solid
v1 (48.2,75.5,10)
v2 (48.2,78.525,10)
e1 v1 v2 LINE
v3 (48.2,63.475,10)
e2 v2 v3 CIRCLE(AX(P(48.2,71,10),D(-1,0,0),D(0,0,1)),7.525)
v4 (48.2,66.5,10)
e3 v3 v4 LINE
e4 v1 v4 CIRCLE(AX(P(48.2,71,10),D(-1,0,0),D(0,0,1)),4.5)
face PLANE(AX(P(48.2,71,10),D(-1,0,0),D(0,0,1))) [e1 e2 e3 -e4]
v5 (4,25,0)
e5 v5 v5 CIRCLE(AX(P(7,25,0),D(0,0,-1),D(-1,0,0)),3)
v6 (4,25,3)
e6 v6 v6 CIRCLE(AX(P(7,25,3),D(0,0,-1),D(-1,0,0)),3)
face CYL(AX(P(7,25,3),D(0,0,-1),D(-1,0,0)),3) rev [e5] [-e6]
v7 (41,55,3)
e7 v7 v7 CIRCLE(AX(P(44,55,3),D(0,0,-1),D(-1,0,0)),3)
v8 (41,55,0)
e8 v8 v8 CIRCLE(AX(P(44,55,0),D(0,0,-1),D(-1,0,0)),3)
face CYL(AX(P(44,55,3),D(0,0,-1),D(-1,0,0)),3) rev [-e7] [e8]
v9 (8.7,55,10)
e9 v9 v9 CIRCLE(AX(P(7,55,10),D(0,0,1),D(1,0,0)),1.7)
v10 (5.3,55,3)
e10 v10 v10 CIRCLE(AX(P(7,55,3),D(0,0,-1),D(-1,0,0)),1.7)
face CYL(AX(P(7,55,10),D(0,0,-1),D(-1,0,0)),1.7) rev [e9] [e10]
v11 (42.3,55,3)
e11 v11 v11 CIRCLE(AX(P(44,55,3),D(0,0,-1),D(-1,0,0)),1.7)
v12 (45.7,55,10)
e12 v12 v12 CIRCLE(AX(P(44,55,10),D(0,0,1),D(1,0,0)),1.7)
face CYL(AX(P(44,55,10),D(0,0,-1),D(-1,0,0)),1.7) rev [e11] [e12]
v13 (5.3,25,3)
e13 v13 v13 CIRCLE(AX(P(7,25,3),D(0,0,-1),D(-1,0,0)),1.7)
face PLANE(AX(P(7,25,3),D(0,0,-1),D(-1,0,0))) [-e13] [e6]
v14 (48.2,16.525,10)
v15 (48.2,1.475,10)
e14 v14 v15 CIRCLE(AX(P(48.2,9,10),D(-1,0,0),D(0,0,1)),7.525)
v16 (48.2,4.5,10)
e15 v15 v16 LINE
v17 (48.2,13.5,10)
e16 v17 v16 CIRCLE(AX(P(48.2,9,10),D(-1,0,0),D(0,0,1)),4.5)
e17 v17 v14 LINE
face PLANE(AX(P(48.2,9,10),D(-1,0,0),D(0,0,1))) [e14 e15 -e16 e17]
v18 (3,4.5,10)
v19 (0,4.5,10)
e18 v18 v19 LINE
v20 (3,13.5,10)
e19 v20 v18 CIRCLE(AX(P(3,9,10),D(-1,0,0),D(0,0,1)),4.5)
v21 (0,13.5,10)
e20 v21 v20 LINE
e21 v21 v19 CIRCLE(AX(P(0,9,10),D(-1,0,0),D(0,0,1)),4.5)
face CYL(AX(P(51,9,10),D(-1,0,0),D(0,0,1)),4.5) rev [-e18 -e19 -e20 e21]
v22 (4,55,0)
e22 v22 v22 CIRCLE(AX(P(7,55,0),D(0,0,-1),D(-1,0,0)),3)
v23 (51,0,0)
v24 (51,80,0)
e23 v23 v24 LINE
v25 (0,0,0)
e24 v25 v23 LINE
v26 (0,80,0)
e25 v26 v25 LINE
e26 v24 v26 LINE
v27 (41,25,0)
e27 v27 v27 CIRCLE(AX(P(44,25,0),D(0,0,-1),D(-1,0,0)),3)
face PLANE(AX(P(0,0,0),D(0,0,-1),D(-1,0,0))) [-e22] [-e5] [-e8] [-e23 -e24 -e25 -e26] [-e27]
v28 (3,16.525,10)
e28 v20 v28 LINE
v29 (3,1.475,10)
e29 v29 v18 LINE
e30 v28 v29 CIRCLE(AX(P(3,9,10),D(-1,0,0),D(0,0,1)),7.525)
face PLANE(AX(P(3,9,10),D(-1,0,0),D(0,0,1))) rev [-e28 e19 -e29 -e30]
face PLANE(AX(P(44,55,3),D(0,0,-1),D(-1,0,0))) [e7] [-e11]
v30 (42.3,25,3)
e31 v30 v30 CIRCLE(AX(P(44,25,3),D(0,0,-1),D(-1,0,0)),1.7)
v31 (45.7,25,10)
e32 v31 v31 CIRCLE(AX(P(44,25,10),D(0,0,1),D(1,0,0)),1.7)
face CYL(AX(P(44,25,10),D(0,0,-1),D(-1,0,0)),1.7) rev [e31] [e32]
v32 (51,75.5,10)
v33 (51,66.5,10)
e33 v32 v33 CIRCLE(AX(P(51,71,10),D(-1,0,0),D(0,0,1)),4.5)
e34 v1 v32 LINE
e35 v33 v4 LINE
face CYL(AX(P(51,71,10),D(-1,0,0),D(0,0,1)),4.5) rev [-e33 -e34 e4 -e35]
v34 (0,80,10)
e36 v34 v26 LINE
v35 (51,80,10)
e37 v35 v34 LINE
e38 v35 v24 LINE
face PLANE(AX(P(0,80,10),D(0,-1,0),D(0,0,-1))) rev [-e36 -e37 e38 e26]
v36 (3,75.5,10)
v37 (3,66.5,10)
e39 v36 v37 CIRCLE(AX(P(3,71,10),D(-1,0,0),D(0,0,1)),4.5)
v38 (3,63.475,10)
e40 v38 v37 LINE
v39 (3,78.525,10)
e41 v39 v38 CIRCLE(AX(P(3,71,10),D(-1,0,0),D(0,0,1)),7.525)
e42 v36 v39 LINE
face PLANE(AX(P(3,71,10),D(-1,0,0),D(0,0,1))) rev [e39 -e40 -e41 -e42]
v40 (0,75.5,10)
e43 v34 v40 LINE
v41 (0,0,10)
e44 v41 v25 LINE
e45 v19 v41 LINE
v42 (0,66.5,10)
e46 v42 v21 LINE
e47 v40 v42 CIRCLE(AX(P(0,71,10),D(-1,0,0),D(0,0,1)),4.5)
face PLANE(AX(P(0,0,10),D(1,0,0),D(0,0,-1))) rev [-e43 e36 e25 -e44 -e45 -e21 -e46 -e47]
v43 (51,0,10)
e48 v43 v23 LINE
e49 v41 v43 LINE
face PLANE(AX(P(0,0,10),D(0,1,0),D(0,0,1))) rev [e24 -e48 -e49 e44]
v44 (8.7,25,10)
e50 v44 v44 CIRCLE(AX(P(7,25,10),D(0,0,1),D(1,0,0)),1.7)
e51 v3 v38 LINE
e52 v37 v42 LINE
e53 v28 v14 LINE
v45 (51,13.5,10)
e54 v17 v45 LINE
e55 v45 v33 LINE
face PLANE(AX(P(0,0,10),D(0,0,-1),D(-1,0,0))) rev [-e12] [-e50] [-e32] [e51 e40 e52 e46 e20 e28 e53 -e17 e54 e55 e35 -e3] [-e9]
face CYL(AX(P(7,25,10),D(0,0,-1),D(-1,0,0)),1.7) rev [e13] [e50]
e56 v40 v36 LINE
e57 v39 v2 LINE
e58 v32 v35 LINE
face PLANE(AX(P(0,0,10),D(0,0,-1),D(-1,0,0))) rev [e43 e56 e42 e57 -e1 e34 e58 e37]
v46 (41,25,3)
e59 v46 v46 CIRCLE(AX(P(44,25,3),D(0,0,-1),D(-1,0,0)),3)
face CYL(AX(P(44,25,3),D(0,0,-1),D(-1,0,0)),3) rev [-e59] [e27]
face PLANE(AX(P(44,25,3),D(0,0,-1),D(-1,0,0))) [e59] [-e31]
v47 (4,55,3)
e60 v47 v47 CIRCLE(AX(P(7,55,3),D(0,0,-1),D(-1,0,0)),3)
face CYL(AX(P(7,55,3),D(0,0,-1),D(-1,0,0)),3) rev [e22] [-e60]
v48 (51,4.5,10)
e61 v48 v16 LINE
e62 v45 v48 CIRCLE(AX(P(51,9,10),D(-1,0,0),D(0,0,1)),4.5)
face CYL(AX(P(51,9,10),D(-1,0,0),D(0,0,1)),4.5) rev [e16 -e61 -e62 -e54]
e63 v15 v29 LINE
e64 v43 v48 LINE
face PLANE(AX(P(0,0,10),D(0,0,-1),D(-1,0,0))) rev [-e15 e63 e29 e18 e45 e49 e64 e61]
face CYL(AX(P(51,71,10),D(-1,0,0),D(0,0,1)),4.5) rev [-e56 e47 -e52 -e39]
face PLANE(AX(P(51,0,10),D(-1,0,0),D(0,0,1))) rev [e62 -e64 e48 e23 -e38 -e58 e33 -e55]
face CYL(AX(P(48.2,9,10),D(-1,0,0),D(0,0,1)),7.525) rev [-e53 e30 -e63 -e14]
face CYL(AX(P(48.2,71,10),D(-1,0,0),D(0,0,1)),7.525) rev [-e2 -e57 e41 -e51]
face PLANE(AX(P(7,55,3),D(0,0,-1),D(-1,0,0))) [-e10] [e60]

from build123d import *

# Parameters (mm, degrees)
SKETCH1_W           = 51
SKETCH1_H           = 80
SKETCH1_R           = 1.7
BOSS_EXTRUDE1_DEPTH = 10
SKETCH2_R           = 7.525
CUT_EXTRUDE1_DEPTH  = 45.2
SKETCH3_R           = 4.5
CUT_EXTRUDE2_DEPTH  = 96.399161422
SKETCH4_R           = 3
CUT_EXTRUDE3_DEPTH  = 3


with BuildPart() as part:
    # Sketch1 → Boss-Extrude1 (new body)
    with BuildSketch(Plane.XY):
        with Locations((25.5, 40)):
            Rectangle(SKETCH1_W, SKETCH1_H)
        with Locations((7, 55)):
            Circle(SKETCH1_R, mode=Mode.SUBTRACT)
        with Locations((44, 55)):
            Circle(SKETCH1_R, mode=Mode.SUBTRACT)
        with Locations((7, 25)):
            Circle(SKETCH1_R, mode=Mode.SUBTRACT)
        with Locations((44, 25)):
            Circle(SKETCH1_R, mode=Mode.SUBTRACT)
    extrude(amount=BOSS_EXTRUDE1_DEPTH)

    # Sketch2 → Cut-Extrude1 (cut)
    with BuildSketch(Plane.ZY.offset(-3)):
        with Locations((10, 71)):
            Circle(SKETCH2_R)
        with Locations((10, 9)):
            Circle(SKETCH2_R)
    extrude(amount=-CUT_EXTRUDE1_DEPTH, mode=Mode.SUBTRACT)

    # Sketch3 → Cut-Extrude2 (cut, through all)
    with BuildSketch(Plane.ZY):
        with Locations((10, 71)):
            Circle(SKETCH3_R)
        with Locations((10, 9)):
            Circle(SKETCH3_R)
    extrude(amount=-CUT_EXTRUDE2_DEPTH, mode=Mode.SUBTRACT)

    # Sketch4 → Cut-Extrude3 (cut)
    with BuildSketch(Plane(origin=(0, 0, 0), x_dir=(-1, 0, 0), z_dir=(0, 0, -1))):
        with Locations((-44, 55)):
            Circle(SKETCH4_R)
        with Locations((-7, 55)):
            Circle(SKETCH4_R)
        with Locations((-7, 25)):
            Circle(SKETCH4_R)
        with Locations((-44, 25)):
            Circle(SKETCH4_R)
    extrude(amount=-CUT_EXTRUDE3_DEPTH, mode=Mode.SUBTRACT)


solid = part.part
